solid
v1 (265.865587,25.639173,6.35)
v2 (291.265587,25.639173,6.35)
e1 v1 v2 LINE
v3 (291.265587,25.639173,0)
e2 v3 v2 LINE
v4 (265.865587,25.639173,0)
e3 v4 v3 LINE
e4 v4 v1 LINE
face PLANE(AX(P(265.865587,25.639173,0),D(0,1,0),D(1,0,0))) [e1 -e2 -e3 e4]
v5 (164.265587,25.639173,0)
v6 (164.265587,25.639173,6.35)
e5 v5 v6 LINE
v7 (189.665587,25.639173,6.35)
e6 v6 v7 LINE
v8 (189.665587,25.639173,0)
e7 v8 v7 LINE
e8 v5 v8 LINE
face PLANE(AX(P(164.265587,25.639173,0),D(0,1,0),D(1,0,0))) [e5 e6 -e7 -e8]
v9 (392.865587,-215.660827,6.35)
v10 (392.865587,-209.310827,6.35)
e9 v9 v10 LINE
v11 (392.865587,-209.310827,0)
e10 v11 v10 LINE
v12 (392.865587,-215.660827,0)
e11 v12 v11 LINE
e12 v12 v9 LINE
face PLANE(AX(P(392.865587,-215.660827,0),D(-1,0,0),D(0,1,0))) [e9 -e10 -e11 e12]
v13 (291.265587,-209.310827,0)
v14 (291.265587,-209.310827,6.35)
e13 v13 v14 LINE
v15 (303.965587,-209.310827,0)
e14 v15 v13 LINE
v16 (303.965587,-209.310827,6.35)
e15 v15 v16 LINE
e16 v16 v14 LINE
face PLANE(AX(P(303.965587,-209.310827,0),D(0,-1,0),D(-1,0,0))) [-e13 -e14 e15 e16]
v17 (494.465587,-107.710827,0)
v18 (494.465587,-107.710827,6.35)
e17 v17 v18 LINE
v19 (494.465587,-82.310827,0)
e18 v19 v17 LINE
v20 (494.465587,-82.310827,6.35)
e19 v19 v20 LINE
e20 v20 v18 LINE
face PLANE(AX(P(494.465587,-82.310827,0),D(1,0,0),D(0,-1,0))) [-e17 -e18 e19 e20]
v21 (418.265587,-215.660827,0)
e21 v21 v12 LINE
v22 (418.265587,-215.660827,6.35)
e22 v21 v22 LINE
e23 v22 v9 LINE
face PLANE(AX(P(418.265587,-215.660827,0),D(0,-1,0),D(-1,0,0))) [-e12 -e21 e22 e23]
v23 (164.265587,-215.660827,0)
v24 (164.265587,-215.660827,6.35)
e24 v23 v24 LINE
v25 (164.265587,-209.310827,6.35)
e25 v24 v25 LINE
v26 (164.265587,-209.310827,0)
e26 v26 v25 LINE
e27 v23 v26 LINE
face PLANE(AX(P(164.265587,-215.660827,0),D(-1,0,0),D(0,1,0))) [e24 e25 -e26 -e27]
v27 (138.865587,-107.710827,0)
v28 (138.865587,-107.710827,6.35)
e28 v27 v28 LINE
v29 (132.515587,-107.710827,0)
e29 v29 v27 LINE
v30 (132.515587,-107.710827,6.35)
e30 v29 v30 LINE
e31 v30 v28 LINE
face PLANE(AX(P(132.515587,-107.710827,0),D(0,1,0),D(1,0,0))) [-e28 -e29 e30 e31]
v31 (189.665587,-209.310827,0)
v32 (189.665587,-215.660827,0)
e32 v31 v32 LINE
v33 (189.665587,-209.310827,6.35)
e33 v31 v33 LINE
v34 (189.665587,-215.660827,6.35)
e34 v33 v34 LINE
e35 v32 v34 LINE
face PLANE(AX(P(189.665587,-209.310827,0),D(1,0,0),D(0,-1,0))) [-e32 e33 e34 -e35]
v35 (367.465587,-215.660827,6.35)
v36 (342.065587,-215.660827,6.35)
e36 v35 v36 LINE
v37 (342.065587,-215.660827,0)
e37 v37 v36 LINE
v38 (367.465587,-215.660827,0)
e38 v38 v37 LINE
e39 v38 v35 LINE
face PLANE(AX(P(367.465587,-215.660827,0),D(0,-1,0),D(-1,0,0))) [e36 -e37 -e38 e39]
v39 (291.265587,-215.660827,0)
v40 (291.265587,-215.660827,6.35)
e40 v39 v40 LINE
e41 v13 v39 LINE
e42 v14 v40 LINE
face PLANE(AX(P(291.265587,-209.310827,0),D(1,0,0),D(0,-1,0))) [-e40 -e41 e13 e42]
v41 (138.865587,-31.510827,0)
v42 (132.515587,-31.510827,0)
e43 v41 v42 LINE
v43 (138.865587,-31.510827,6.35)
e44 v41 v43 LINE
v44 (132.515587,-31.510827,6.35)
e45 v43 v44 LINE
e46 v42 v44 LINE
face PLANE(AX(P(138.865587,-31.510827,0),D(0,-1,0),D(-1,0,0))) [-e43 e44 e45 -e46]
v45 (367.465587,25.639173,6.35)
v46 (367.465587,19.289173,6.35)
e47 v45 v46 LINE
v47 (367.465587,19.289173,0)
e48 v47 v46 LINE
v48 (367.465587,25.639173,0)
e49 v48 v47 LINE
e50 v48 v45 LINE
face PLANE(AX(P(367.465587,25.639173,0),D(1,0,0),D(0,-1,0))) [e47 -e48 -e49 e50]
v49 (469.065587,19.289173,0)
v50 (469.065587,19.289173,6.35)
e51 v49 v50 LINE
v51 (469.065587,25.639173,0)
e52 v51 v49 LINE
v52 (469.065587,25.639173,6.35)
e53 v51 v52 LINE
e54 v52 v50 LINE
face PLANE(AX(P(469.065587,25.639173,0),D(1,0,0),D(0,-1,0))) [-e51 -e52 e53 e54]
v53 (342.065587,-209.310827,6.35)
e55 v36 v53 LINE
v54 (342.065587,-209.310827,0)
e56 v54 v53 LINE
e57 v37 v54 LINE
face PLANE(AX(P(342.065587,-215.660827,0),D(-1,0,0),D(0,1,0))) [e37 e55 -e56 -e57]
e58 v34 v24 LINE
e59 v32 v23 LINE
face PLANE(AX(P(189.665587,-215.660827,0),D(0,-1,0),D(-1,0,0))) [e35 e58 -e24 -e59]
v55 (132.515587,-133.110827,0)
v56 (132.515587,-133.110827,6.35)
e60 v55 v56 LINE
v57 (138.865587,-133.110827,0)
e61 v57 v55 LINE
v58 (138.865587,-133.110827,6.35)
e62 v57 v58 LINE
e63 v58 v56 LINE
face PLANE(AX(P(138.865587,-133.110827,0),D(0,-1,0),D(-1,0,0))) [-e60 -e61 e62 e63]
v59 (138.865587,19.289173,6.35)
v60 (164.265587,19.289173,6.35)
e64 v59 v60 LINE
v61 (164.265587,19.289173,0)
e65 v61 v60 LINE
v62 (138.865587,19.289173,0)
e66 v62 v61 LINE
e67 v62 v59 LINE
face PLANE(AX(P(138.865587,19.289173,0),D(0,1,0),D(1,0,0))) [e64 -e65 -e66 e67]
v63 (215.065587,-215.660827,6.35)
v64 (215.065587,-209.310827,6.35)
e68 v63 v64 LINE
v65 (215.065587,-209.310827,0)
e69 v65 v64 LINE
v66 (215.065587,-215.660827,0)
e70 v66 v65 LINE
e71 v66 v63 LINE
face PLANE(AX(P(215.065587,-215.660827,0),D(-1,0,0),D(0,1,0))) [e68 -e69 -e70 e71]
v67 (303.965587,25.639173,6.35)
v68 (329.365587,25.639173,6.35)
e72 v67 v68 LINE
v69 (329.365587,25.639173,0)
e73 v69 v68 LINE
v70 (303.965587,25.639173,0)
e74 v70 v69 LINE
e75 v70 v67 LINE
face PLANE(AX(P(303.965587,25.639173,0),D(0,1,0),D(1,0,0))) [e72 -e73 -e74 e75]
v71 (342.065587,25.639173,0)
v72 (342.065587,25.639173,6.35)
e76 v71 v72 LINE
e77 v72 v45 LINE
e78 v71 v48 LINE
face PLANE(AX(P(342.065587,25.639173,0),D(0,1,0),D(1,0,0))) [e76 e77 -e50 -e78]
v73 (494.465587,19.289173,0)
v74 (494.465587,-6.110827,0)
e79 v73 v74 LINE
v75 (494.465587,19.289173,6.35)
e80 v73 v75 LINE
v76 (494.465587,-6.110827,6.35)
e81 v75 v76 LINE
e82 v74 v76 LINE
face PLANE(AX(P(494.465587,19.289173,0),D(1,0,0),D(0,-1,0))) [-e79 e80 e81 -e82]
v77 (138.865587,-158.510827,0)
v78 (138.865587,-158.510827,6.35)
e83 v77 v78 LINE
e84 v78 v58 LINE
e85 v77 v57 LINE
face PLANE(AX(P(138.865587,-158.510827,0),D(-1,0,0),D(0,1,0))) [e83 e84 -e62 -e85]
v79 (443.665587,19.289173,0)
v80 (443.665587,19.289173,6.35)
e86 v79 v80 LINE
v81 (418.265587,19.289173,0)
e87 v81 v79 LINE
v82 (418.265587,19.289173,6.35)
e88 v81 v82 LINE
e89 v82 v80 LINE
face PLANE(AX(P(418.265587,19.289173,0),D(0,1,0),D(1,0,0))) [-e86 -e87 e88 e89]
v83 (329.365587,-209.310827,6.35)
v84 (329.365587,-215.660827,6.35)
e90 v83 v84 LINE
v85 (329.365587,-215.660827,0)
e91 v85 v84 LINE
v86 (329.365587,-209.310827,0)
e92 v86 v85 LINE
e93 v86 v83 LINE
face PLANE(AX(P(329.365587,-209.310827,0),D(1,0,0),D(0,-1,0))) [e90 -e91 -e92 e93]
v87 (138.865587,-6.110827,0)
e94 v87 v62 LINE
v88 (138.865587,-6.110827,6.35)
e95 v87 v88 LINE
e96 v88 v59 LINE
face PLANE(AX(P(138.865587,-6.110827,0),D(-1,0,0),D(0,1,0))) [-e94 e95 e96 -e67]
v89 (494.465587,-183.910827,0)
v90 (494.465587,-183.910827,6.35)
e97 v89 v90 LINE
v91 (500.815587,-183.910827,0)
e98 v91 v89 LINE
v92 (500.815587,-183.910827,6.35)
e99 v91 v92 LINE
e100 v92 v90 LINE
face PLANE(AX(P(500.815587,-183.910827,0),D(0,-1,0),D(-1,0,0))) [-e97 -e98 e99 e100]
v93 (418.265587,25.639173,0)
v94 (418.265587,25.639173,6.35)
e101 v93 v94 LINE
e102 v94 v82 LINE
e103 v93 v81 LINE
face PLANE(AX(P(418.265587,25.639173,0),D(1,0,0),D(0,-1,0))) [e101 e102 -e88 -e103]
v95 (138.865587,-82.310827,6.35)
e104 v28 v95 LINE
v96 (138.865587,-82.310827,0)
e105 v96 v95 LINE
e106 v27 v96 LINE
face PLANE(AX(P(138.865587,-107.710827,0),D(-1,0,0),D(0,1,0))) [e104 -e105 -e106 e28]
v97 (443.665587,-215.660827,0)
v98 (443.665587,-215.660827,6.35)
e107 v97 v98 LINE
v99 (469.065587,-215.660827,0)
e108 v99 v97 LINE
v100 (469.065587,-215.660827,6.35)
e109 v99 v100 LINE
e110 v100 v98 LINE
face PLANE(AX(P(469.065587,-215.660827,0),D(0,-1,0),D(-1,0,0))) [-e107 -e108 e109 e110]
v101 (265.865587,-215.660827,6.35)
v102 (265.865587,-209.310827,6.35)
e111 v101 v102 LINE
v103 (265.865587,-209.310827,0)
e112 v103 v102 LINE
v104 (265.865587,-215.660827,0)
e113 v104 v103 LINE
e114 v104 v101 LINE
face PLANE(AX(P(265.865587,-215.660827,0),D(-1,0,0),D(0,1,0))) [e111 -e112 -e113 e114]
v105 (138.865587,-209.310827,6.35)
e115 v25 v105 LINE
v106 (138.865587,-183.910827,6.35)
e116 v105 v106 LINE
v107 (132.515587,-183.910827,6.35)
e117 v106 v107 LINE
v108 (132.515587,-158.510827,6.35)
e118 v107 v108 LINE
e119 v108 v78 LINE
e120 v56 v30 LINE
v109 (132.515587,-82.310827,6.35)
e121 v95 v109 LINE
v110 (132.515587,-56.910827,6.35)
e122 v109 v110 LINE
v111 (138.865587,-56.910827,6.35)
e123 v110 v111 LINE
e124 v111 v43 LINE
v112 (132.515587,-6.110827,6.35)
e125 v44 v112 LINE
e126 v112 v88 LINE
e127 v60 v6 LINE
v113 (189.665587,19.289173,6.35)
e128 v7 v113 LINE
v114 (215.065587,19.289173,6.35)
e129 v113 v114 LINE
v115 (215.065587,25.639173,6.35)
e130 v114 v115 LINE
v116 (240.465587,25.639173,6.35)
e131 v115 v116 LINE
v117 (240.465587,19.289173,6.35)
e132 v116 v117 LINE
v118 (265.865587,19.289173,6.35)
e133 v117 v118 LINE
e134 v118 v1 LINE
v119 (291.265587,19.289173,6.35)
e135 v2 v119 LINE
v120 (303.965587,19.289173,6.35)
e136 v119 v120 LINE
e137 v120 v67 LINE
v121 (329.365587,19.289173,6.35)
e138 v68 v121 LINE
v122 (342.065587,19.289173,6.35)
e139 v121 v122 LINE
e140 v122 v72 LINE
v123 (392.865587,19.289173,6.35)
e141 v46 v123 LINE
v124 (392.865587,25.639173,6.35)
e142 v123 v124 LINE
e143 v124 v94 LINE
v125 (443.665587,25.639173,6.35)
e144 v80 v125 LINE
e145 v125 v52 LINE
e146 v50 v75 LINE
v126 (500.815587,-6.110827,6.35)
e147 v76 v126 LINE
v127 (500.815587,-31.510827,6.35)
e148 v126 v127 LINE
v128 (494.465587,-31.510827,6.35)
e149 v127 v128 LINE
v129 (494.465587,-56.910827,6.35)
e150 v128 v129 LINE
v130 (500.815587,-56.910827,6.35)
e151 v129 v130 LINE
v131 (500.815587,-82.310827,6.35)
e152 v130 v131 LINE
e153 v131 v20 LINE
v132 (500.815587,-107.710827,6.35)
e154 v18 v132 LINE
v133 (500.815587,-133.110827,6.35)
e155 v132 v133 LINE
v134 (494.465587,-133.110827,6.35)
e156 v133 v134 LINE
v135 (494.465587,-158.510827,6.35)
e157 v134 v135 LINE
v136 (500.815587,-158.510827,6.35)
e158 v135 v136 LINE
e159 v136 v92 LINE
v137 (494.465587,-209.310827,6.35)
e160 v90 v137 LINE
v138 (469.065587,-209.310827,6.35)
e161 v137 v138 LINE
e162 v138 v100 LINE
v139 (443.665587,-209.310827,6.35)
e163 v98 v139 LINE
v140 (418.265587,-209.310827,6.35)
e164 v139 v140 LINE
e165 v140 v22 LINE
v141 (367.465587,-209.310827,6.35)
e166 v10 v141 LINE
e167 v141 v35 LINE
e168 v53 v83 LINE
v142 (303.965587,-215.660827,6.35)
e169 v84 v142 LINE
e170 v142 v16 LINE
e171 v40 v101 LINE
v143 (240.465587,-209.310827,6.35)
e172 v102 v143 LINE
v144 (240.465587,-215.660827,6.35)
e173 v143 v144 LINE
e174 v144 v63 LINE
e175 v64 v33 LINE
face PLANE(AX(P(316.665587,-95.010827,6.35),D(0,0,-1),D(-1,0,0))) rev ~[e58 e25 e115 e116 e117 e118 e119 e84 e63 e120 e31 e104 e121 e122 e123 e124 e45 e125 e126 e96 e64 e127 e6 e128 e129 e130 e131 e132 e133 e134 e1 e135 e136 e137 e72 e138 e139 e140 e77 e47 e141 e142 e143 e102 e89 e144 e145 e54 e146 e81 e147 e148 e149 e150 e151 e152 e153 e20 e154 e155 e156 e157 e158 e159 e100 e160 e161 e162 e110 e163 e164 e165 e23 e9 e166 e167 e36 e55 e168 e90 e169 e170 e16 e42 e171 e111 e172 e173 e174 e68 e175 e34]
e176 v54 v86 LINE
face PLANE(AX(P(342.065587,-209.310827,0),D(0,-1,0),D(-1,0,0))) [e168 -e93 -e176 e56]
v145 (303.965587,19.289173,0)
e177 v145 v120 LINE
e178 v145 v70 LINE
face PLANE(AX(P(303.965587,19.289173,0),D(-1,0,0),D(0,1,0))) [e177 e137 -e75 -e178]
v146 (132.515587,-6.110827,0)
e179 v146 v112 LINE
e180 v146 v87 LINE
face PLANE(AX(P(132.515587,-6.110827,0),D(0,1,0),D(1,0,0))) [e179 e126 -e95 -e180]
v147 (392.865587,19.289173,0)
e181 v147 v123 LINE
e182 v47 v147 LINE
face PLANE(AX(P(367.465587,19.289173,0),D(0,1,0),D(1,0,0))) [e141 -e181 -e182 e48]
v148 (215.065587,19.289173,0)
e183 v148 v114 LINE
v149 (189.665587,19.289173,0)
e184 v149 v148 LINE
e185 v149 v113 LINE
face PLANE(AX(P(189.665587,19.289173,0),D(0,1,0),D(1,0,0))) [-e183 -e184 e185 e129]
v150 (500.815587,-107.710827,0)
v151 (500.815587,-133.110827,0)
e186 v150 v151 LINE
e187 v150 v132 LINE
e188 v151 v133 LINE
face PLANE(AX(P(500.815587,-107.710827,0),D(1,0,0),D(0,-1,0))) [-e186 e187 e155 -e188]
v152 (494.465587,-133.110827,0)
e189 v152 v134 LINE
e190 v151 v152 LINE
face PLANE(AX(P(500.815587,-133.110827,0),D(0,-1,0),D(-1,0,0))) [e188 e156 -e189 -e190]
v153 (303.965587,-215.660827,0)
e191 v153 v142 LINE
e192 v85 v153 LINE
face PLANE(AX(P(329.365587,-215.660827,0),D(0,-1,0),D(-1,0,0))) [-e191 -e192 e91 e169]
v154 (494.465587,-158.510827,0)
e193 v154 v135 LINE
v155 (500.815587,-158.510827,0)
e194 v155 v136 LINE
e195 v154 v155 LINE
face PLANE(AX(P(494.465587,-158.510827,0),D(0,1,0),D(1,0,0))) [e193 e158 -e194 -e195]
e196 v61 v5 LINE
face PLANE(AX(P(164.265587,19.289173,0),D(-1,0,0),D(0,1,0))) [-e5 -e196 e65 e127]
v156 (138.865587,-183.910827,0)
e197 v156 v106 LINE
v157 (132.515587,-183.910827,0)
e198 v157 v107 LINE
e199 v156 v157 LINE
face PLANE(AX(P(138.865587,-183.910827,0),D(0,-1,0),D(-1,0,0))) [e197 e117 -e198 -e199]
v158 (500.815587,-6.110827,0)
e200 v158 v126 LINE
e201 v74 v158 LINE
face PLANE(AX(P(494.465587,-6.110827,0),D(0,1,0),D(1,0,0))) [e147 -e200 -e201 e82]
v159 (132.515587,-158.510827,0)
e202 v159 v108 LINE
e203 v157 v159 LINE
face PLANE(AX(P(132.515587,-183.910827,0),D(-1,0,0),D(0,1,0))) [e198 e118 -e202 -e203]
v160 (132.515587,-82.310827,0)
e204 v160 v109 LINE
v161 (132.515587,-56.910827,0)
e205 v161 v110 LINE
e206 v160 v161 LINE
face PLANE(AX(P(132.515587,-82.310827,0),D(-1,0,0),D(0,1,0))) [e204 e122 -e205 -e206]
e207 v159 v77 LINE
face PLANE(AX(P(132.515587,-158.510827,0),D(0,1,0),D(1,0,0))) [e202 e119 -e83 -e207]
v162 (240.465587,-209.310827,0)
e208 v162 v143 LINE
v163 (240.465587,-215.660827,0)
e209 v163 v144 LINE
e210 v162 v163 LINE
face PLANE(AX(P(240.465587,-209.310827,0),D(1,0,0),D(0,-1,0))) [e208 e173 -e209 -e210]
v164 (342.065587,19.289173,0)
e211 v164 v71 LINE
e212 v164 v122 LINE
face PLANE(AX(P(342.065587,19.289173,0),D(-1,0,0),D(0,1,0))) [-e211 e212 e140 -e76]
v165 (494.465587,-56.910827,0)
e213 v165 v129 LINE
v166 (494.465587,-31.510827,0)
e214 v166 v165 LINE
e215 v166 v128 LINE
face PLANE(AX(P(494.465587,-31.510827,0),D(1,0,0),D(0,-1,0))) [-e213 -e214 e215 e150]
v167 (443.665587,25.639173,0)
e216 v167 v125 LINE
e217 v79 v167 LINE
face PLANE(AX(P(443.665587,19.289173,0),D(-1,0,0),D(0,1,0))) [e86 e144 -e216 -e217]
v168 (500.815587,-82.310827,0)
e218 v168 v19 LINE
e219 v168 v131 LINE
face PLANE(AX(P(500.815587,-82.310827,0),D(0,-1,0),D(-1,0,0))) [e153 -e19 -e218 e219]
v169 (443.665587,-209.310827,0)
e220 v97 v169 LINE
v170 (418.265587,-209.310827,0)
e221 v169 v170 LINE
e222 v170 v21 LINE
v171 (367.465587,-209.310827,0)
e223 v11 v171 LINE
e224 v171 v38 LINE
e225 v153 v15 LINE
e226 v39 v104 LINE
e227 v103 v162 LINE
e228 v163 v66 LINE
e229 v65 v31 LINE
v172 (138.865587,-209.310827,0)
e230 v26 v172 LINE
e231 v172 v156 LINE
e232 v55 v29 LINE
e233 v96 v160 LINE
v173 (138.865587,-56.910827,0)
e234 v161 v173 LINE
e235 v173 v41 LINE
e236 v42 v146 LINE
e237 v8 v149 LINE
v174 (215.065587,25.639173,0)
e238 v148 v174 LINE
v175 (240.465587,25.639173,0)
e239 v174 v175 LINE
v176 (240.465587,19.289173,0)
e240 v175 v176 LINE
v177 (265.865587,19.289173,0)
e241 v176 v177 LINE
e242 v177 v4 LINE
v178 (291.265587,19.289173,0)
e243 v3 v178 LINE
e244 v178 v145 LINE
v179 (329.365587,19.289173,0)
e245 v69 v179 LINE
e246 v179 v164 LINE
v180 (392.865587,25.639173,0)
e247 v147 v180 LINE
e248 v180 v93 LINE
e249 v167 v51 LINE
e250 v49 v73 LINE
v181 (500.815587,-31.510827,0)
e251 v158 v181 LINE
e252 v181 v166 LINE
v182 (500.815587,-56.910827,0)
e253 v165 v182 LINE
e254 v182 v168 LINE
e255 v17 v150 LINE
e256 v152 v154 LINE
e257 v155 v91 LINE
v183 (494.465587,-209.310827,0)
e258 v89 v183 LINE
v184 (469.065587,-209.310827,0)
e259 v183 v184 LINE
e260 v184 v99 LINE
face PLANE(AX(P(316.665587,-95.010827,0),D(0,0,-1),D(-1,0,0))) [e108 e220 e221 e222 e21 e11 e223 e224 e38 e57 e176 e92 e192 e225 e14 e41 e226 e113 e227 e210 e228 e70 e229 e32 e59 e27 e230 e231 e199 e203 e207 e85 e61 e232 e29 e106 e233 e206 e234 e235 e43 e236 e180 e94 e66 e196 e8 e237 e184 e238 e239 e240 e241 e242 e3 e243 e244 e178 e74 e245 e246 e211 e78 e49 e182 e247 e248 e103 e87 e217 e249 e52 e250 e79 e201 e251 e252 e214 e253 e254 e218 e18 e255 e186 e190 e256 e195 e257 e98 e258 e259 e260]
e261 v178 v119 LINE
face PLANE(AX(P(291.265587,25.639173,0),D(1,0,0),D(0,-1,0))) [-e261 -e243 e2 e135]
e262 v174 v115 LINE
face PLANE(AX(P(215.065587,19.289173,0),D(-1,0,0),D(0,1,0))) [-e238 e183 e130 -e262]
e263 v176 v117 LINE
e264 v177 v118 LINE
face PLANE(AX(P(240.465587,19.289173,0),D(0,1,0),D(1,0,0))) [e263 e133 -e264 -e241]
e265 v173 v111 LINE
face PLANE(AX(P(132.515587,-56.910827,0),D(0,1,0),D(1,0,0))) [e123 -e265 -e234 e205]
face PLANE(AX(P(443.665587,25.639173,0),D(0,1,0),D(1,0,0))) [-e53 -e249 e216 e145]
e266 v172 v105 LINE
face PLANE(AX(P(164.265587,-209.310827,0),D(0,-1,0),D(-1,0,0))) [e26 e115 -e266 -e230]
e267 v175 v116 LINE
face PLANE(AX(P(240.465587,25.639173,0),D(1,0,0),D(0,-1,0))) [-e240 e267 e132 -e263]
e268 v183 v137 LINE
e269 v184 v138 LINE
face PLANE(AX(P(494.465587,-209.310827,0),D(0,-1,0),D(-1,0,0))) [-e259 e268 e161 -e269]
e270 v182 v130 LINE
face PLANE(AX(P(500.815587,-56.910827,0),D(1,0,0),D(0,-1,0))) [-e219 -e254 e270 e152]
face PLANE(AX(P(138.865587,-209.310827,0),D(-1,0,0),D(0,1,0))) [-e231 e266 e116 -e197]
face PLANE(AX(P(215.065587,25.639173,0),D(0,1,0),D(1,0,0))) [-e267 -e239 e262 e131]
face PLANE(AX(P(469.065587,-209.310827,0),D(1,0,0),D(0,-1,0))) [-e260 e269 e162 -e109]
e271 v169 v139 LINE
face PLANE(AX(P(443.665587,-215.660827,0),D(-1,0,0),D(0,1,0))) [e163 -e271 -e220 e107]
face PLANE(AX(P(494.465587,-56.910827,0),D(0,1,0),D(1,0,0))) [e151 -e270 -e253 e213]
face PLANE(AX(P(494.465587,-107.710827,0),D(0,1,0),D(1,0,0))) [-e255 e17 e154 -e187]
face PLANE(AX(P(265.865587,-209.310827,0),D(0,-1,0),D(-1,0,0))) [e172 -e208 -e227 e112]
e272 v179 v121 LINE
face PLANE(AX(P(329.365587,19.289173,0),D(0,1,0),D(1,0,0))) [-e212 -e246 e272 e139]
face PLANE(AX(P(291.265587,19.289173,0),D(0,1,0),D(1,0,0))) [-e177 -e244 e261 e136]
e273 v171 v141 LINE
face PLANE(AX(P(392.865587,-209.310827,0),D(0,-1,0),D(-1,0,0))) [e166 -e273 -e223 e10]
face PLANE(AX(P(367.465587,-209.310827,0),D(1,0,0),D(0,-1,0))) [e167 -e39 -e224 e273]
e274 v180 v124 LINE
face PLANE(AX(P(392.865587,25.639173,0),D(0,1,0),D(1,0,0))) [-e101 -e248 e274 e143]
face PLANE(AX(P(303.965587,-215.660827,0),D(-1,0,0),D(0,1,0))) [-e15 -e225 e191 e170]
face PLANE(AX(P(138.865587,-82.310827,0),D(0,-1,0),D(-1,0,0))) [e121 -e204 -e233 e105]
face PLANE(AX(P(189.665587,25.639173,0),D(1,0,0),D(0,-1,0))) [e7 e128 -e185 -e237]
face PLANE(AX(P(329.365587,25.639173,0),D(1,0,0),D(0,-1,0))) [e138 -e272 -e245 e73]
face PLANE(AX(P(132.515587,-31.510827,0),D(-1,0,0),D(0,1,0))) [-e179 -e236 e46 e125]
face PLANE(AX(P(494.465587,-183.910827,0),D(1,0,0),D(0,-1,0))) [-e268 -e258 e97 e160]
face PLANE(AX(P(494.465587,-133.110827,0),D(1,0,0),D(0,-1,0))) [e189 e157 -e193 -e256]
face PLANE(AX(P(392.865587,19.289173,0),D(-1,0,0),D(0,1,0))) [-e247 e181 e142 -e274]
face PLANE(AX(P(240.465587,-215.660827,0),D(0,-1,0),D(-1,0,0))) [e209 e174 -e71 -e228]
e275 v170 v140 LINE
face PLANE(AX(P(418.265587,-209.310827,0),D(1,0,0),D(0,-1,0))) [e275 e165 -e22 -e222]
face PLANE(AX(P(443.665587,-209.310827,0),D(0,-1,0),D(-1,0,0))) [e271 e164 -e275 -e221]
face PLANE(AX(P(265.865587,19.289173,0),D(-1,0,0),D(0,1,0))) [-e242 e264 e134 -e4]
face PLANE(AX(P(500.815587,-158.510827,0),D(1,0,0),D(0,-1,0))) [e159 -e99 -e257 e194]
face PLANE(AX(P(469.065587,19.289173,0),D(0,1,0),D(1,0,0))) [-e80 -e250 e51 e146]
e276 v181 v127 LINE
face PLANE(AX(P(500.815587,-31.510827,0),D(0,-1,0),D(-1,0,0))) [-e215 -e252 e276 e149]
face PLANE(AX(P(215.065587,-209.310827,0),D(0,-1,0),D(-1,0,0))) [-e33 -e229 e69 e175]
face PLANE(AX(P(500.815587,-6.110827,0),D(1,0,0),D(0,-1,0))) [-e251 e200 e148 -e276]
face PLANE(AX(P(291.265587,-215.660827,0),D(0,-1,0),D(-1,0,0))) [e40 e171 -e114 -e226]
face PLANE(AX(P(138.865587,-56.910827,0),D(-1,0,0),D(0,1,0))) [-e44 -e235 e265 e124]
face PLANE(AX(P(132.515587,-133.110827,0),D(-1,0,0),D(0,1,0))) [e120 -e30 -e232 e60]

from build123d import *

# Parameters (mm, degrees)
EXTRUDE1_DEPTH = 6.35


with BuildPart() as part:
    # Sketch1 → Extrude1 (new body)
    with BuildSketch(Plane.XY):
        Polygon((164.265587146, 19.289172699), (164.265587146, 25.639172699), (189.665587146, 25.639172699), (189.665587146, 19.289172699), (215.065587146, 19.289172699), (215.065587146, 25.639172699), (240.465587146, 25.639172699), (240.465587146, 19.289172699), (265.865587146, 19.289172699), (265.865587146, 25.639172699), (291.265587146, 25.639172699), (291.265587146, 19.289172699), (303.965587146, 19.289172699), (303.965587146, 25.639172699), (329.365587146, 25.639172699), (329.365587146, 19.289172699), (342.065587146, 19.289172699), (342.065587146, 25.639172699), (367.465587146, 25.639172699), (367.465587146, 19.289172699), (392.865587146, 19.289172699), (392.865587146, 25.639172699), (418.265587146, 25.639172699), (418.265587146, 19.289172699), (443.665587146, 19.289172699), (443.665587146, 25.639172699), (469.065587146, 25.639172699), (469.065587146, 19.289172699), (494.465587146, 19.289172699), (494.465587146, -6.110827301), (500.815587146, -6.110827301), (500.815587146, -31.510827301), (494.465587146, -31.510827301), (494.465587146, -56.910827301), (500.815587146, -56.910827301), (500.815587146, -82.310827301), (494.465587146, -82.310827301), (494.465587146, -107.710827301), (500.815587146, -107.710827301), (500.815587146, -133.110827301), (494.465587146, -133.110827301), (494.465587146, -158.510827301), (500.815587146, -158.510827301), (500.815587146, -183.910827301), (494.465587146, -183.910827301), (494.465587146, -209.310827301), (469.065587146, -209.310827301), (469.065587146, -215.660827301), (443.665587146, -215.660827301), (443.665587146, -209.310827301), (418.265587146, -209.310827301), (418.265587146, -215.660827301), (392.865587146, -215.660827301), (392.865587146, -209.310827301), (367.465587146, -209.310827301), (367.465587146, -215.660827301), (342.065587146, -215.660827301), (342.065587146, -209.310827301), (329.365587146, -209.310827301), (329.365587146, -215.660827301), (303.965587146, -215.660827301), (303.965587146, -209.310827301), (291.265587146, -209.310827301), (291.265587146, -215.660827301), (265.865587146, -215.660827301), (265.865587146, -209.310827301), (240.465587146, -209.310827301), (240.465587146, -215.660827301), (215.065587146, -215.660827301), (215.065587146, -209.310827301), (189.665587146, -209.310827301), (189.665587146, -215.660827301), (164.265587146, -215.660827301), (164.265587146, -209.310827301), (138.865587146, -209.310827301), (138.865587146, -183.910827301), (132.515587146, -183.910827301), (132.515587146, -158.510827301), (138.865587146, -158.510827301), (138.865587146, -133.110827301), (132.515587146, -133.110827301), (132.515587146, -107.710827301), (138.865587146, -107.710827301), (138.865587146, -82.310827301), (132.515587146, -82.310827301), (132.515587146, -56.910827301), (138.865587146, -56.910827301), (138.865587146, -31.510827301), (132.515587146, -31.510827301), (132.515587146, -6.110827301), (138.865587146, -6.110827301), (138.865587146, 19.289172699), align=None)
    extrude(amount=EXTRUDE1_DEPTH)


solid = part.part
